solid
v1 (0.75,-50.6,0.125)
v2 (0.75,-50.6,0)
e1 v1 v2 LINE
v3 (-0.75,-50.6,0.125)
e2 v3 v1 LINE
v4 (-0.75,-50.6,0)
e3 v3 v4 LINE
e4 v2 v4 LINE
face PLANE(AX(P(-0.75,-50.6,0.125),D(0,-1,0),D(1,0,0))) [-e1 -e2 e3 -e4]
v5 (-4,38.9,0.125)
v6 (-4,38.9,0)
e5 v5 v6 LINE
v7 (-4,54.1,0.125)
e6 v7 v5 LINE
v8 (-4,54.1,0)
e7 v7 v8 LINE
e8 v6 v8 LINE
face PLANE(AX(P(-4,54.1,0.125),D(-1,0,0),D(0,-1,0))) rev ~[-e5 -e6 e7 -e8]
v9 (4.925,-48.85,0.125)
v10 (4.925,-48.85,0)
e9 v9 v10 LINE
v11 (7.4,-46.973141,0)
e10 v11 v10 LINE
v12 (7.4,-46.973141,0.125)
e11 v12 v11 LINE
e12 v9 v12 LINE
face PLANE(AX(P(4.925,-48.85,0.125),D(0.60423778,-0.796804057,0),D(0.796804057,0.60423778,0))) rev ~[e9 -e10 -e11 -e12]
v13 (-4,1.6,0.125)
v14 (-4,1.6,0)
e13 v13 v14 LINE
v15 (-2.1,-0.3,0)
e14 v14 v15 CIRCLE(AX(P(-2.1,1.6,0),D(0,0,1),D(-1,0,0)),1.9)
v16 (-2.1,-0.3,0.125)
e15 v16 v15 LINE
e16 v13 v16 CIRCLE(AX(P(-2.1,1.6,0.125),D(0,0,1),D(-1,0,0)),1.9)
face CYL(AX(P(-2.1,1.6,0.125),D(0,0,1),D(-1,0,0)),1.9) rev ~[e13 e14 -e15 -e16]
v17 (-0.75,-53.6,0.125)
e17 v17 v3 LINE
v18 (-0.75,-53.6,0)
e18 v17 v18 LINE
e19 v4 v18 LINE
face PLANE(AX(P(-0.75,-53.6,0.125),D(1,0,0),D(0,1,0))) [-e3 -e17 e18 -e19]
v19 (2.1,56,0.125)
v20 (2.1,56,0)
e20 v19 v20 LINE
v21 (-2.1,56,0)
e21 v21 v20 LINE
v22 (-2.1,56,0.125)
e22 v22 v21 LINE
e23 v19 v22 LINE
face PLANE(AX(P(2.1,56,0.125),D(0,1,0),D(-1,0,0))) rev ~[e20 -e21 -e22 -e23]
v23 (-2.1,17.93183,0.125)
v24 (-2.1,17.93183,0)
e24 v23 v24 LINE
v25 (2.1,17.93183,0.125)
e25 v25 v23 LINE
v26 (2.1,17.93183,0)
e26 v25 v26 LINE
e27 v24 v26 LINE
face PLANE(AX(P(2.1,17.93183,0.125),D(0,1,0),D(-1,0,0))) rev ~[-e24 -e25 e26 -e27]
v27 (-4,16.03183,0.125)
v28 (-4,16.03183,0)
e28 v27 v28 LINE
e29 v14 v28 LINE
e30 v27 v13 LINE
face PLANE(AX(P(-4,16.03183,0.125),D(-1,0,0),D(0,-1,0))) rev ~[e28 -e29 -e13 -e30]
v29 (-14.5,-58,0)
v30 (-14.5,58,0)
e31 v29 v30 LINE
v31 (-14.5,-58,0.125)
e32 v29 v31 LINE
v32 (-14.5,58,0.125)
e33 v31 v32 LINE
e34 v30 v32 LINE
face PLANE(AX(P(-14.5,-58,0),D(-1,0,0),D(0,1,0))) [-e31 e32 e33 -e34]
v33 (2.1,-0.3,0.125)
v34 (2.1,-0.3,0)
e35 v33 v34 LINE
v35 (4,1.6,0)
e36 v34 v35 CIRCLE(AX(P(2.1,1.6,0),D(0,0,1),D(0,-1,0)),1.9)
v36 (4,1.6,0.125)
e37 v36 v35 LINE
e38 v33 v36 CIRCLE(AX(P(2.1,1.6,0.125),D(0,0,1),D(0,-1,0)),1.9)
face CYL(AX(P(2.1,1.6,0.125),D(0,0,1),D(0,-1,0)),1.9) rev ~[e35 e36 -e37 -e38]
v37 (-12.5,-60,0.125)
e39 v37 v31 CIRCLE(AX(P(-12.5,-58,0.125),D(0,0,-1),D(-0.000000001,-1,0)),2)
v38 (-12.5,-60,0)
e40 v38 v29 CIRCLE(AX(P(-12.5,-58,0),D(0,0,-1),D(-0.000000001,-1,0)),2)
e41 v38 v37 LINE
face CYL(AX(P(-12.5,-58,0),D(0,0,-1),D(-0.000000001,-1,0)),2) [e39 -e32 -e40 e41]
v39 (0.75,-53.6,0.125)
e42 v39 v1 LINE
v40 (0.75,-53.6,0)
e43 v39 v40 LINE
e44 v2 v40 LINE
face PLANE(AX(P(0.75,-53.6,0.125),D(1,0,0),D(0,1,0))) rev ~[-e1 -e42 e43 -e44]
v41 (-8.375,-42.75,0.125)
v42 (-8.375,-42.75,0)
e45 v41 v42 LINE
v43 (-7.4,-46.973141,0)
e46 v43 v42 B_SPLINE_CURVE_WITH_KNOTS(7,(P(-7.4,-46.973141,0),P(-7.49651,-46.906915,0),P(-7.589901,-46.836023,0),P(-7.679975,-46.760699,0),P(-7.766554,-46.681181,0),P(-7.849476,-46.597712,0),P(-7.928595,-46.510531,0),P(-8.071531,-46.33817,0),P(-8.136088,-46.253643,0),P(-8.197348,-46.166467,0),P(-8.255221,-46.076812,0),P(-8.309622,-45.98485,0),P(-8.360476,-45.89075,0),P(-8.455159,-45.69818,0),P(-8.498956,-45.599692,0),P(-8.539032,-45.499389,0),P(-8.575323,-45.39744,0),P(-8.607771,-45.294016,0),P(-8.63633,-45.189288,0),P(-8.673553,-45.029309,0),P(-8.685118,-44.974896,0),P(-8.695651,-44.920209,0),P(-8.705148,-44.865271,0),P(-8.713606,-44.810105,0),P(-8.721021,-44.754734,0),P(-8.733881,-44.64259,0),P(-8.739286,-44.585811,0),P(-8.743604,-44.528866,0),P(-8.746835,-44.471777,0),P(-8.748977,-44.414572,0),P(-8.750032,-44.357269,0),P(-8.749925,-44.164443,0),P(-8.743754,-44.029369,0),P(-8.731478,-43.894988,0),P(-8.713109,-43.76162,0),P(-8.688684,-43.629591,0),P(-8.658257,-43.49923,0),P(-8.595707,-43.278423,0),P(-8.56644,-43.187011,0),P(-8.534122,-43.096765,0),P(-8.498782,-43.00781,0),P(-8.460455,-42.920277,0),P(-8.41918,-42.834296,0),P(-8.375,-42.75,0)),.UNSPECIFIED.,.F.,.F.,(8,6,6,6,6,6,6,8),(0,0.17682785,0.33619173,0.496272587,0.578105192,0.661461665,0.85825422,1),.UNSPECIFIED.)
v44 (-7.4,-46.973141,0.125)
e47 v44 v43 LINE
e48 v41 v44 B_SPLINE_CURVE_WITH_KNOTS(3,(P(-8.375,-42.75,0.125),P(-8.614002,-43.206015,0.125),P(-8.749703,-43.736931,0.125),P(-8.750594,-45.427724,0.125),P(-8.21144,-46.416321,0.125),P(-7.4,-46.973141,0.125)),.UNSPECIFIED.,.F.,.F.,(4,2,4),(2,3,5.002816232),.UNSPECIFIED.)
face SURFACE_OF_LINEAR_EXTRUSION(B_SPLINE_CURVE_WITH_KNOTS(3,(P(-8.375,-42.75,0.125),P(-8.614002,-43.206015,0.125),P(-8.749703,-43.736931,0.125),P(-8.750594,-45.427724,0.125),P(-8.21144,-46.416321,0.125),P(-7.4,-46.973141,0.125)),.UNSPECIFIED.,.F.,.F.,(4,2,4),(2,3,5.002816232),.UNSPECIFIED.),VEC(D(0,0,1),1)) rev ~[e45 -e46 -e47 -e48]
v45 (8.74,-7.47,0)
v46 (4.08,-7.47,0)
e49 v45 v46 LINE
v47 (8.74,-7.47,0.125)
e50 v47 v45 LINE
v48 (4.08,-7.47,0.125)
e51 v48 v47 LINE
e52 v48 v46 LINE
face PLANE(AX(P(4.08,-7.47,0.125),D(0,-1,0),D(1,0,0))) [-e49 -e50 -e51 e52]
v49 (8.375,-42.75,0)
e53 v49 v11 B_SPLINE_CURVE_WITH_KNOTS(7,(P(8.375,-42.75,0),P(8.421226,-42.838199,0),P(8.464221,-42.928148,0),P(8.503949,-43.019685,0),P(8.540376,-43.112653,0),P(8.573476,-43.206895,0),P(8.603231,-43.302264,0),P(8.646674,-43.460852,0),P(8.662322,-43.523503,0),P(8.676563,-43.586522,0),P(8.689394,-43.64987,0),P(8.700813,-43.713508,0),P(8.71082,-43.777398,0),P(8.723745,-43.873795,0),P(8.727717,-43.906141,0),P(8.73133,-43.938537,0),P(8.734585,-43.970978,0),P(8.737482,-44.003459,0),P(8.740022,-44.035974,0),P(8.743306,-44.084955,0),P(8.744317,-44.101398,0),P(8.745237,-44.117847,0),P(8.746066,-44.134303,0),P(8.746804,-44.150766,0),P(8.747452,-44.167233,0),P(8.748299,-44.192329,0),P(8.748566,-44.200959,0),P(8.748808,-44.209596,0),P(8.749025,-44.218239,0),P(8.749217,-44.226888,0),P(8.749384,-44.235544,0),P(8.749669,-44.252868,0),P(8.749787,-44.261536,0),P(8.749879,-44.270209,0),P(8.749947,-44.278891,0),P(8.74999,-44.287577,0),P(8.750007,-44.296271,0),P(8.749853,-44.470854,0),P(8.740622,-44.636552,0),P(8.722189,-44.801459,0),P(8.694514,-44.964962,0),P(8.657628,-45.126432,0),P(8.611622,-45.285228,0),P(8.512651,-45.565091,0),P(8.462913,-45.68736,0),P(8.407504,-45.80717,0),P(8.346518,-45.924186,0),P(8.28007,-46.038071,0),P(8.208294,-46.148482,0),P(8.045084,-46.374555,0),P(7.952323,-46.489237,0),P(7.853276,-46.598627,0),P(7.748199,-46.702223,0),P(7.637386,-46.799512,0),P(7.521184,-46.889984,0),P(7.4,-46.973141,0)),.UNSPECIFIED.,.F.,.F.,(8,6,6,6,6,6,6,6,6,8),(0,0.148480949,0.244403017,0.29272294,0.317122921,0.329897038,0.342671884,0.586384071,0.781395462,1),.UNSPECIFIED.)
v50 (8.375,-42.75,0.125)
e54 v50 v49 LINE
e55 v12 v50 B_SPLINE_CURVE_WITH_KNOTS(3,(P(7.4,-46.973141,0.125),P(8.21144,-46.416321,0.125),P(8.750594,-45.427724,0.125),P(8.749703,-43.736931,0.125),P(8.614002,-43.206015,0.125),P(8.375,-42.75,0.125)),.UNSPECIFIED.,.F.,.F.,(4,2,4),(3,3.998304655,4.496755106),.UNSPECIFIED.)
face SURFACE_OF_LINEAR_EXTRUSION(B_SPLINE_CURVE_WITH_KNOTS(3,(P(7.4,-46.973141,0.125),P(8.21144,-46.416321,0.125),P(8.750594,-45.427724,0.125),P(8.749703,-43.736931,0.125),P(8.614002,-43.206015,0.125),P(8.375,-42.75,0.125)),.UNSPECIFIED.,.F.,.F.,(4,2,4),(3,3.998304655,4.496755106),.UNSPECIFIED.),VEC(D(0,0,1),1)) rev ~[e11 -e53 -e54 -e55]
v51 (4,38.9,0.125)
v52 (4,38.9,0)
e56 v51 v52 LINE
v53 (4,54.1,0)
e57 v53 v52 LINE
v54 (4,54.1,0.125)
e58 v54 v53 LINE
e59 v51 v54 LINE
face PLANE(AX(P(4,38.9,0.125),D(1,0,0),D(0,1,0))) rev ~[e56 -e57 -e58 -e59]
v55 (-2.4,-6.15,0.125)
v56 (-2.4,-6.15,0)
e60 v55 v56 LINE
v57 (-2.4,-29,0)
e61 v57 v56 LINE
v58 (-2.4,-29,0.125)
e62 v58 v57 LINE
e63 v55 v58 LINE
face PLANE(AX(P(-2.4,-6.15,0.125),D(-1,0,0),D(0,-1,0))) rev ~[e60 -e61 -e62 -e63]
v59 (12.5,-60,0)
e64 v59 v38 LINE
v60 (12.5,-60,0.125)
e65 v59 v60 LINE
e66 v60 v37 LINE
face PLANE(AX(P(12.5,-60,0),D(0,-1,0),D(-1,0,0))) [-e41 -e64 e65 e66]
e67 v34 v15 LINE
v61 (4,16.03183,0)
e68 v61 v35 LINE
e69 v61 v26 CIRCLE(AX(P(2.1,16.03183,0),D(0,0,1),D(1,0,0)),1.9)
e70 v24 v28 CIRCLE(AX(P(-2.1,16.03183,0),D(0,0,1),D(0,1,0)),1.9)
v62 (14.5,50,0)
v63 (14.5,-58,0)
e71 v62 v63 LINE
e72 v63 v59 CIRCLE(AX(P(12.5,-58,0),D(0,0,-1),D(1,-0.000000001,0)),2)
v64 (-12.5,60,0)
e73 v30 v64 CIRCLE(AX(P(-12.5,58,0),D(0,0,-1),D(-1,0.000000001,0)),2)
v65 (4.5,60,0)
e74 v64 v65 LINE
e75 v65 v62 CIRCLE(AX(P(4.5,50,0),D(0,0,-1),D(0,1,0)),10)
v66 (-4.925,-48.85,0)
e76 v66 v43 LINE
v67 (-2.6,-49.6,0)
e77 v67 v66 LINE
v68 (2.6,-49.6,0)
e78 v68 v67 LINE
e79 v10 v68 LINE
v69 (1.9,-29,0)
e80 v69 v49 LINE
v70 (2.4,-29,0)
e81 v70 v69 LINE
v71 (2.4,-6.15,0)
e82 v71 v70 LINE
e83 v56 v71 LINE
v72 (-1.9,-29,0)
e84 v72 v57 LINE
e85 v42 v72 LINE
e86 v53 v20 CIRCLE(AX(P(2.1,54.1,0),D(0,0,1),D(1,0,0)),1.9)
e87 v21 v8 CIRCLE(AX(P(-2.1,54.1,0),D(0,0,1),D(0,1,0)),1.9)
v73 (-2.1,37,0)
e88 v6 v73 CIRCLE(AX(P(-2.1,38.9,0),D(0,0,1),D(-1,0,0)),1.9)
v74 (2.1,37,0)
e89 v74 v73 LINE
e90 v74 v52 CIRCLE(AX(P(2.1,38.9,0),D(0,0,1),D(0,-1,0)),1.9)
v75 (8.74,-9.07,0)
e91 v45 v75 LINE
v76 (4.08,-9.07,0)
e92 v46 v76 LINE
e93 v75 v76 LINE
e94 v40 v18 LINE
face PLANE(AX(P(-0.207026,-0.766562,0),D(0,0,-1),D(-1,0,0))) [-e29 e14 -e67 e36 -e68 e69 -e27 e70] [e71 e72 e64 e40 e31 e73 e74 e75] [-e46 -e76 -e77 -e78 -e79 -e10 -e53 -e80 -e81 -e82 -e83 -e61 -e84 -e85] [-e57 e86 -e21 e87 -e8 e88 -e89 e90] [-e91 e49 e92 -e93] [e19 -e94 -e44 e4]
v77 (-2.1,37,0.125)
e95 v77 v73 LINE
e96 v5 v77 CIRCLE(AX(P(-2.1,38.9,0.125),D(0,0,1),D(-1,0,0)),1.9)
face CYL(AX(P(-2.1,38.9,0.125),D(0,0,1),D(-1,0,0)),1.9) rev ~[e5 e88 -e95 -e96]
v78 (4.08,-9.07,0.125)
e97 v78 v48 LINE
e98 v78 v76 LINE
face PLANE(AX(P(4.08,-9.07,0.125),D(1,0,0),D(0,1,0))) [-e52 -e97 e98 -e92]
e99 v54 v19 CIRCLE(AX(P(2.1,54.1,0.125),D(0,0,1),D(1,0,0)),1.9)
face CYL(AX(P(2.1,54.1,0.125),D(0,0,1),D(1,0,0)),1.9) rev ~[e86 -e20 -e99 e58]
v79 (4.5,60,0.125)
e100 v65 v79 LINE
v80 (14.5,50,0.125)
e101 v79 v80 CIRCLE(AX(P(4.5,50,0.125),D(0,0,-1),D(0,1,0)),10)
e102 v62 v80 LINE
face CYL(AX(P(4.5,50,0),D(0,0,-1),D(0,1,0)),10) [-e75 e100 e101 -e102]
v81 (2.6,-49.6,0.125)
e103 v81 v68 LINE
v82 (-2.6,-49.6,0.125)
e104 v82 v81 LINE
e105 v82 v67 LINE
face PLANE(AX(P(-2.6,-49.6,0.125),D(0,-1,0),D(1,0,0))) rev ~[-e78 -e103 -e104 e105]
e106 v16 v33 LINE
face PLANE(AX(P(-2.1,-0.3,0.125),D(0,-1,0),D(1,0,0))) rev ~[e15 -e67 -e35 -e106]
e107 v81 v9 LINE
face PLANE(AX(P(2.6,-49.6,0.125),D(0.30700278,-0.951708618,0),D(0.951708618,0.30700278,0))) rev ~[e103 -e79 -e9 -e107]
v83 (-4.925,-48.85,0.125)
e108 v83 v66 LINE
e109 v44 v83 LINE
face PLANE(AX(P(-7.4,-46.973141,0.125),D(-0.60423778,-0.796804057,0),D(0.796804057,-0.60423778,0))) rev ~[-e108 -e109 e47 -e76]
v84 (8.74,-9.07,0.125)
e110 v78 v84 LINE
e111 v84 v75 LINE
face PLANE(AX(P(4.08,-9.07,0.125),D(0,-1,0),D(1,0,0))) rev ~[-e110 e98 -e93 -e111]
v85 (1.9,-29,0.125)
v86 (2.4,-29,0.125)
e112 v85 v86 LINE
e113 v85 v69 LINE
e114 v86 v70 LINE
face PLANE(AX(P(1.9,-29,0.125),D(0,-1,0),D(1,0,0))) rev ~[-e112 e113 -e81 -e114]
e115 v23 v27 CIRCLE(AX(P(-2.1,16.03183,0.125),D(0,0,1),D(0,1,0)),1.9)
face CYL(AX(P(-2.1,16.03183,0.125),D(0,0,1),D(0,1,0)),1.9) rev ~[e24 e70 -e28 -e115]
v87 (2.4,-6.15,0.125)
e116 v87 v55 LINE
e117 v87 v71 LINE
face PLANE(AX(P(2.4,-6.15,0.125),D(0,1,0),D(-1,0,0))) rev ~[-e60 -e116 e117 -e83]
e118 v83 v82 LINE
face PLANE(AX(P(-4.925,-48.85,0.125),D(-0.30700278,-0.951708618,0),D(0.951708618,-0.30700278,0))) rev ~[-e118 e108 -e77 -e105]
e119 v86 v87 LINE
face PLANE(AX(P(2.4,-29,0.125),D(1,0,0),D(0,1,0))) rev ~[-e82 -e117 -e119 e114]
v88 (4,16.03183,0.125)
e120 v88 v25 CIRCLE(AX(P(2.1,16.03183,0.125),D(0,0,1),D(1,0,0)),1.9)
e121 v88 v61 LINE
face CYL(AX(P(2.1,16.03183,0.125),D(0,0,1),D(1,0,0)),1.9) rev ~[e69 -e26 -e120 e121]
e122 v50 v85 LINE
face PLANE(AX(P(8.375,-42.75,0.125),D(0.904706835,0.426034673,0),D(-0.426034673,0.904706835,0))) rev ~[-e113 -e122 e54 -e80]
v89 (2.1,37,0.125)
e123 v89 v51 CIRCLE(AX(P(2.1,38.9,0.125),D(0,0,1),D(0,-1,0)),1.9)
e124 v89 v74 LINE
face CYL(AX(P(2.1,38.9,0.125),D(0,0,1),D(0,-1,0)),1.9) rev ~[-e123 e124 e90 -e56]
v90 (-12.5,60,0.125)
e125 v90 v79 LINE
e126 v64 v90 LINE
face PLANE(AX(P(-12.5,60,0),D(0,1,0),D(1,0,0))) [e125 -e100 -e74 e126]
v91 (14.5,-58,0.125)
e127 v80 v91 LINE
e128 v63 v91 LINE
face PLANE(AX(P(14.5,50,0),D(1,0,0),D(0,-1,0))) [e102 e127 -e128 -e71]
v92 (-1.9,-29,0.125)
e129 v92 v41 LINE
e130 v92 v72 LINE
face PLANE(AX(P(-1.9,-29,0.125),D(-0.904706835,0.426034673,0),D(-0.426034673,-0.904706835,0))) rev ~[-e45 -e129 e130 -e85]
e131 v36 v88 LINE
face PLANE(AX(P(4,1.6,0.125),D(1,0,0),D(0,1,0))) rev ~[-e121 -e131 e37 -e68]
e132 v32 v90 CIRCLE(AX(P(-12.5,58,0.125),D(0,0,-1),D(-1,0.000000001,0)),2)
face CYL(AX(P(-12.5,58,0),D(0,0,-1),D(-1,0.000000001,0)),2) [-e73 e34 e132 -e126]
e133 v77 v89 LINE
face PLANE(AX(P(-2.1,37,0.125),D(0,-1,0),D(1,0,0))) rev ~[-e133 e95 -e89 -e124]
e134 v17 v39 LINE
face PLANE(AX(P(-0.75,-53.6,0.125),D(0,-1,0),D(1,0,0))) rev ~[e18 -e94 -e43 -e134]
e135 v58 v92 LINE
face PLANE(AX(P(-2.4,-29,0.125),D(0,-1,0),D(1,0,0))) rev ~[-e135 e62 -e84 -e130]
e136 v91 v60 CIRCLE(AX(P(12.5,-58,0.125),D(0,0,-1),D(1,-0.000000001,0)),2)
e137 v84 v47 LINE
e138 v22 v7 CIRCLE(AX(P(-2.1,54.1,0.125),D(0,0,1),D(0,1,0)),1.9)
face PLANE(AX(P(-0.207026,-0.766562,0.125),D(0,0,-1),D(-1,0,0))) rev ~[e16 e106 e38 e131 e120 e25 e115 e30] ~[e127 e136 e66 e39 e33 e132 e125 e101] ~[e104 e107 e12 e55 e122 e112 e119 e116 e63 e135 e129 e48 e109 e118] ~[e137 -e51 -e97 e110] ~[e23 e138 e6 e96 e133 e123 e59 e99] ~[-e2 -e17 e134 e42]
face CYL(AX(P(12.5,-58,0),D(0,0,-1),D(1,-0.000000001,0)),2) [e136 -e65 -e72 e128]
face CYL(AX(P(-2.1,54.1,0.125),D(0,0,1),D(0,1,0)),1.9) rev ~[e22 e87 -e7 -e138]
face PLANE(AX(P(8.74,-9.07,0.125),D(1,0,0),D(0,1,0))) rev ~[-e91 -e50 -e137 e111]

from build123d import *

# Parameters (mm, degrees)
BOSS_EXTRUDE5_DEPTH = 0.125
SKETCH1_W           = 1.5
SKETCH1_H           = 3
SKETCH1_W_2         = 4.66
SKETCH1_H_2         = 1.6
CUT_EXTRUDE2_DEPTH  = 62.727349085


with BuildPart() as part:
    # Sketch8 → Boss-Extrude5 (new body)
    with BuildSketch(Plane.XY):
        with BuildLine():
            Line((-12.5, 60), (4.5, 60))
            ThreePointArc((4.5, 60), (11.571067812, 57.071067812), (14.5, 50))
            Line((14.5, 50), (14.5, -58))
            ThreePointArc((14.5, -58), (13.914213562, -59.414213562), (12.5, -60))
            Line((12.5, -60), (-12.5, -60))
            ThreePointArc((-12.5, -60), (-13.914213562, -59.414213562), (-14.5, -58))
            Line((-14.5, -58), (-14.5, 58))
            ThreePointArc((-14.5, 58), (-13.914213562, 59.414213562), (-12.5, 60))
        make_face()
    extrude(amount=BOSS_EXTRUDE5_DEPTH)

    # Sketch1 → Cut-Extrude2 (cut, through all)
    with BuildSketch(Plane.XY.offset(0.125)):
        with BuildLine():
            Line((2.6, -49.6), (4.925, -48.85))
            Line((4.925, -48.85), (7.4, -46.97314145))
            add(Edge.make_bspline(
                [(7.4, -46.97314145), (8.211440188, -46.416320927), (8.75059415, -45.427724457), (8.749703343, -43.736930638), (8.614001568, -43.20601542), (8.375, -42.75)],
                knots=[3, 3, 3, 3, 3.998304655, 3.998304655, 4.496755106, 4.496755106, 4.496755106, 4.496755106], degree=3))
            Line((8.375, -42.75), (1.9, -29))
            Line((1.9, -29), (2.4, -29))
            Line((2.4, -29), (2.4, -6.15))
            Line((2.4, -6.15), (-2.4, -6.15))
            Line((-2.4, -6.15), (-2.4, -29))
            Line((-2.4, -29), (-1.9, -29))
            Line((-1.9, -29), (-8.375, -42.75))
            add(Edge.make_bspline(
                [(-8.375, -42.75), (-8.614001568, -43.20601542), (-8.749703343, -43.736930638), (-8.75059415, -45.427724457), (-8.211440188, -46.416320927), (-7.4, -46.97314145)],
                knots=[2, 2, 2, 2, 3, 3, 5.002816232, 5.002816232, 5.002816232, 5.002816232], degree=3))
            Line((-7.4, -46.97314145), (-4.925, -48.85))
            Line((-4.925, -48.85), (-2.6, -49.6))
            Line((-2.6, -49.6), (2.6, -49.6))
        make_face()
        with Locations((0, -52.1)):
            Rectangle(SKETCH1_W, SKETCH1_H)
        with Locations((6.41, -8.27)):
            Rectangle(SKETCH1_W_2, SKETCH1_H_2)
        with BuildLine():
            ThreePointArc((-2.1, 17.931829774), (-3.443502884, 17.375332658), (-4, 16.031829774))
            Line((-4, 16.031829774), (-4, 1.6))
            ThreePointArc((-4, 1.6), (-3.443502884, 0.256497116), (-2.1, -0.3))
            Line((-2.1, -0.3), (2.1, -0.3))
            ThreePointArc((2.1, -0.3), (3.443502884, 0.256497116), (4, 1.6))
            Line((4, 1.6), (4, 16.031829774))
            ThreePointArc((4, 16.031829774), (3.443502884, 17.375332658), (2.1, 17.931829774))
            Line((2.1, 17.931829774), (-2.1, 17.931829774))
        make_face()
        with BuildLine():
            ThreePointArc((-2.1, 56), (-3.443502884, 55.443502884), (-4, 54.1))
            Line((-4, 54.1), (-4, 38.9))
            ThreePointArc((-4, 38.9), (-3.443502884, 37.556497116), (-2.1, 37))
            Line((-2.1, 37), (2.1, 37))
            ThreePointArc((2.1, 37), (3.443502884, 37.556497116), (4, 38.9))
            Line((4, 38.9), (4, 54.1))
            ThreePointArc((4, 54.1), (3.443502884, 55.443502884), (2.1, 56))
            Line((2.1, 56), (-2.1, 56))
        make_face()
    extrude(amount=-CUT_EXTRUDE2_DEPTH, mode=Mode.SUBTRACT)


solid = part.part
